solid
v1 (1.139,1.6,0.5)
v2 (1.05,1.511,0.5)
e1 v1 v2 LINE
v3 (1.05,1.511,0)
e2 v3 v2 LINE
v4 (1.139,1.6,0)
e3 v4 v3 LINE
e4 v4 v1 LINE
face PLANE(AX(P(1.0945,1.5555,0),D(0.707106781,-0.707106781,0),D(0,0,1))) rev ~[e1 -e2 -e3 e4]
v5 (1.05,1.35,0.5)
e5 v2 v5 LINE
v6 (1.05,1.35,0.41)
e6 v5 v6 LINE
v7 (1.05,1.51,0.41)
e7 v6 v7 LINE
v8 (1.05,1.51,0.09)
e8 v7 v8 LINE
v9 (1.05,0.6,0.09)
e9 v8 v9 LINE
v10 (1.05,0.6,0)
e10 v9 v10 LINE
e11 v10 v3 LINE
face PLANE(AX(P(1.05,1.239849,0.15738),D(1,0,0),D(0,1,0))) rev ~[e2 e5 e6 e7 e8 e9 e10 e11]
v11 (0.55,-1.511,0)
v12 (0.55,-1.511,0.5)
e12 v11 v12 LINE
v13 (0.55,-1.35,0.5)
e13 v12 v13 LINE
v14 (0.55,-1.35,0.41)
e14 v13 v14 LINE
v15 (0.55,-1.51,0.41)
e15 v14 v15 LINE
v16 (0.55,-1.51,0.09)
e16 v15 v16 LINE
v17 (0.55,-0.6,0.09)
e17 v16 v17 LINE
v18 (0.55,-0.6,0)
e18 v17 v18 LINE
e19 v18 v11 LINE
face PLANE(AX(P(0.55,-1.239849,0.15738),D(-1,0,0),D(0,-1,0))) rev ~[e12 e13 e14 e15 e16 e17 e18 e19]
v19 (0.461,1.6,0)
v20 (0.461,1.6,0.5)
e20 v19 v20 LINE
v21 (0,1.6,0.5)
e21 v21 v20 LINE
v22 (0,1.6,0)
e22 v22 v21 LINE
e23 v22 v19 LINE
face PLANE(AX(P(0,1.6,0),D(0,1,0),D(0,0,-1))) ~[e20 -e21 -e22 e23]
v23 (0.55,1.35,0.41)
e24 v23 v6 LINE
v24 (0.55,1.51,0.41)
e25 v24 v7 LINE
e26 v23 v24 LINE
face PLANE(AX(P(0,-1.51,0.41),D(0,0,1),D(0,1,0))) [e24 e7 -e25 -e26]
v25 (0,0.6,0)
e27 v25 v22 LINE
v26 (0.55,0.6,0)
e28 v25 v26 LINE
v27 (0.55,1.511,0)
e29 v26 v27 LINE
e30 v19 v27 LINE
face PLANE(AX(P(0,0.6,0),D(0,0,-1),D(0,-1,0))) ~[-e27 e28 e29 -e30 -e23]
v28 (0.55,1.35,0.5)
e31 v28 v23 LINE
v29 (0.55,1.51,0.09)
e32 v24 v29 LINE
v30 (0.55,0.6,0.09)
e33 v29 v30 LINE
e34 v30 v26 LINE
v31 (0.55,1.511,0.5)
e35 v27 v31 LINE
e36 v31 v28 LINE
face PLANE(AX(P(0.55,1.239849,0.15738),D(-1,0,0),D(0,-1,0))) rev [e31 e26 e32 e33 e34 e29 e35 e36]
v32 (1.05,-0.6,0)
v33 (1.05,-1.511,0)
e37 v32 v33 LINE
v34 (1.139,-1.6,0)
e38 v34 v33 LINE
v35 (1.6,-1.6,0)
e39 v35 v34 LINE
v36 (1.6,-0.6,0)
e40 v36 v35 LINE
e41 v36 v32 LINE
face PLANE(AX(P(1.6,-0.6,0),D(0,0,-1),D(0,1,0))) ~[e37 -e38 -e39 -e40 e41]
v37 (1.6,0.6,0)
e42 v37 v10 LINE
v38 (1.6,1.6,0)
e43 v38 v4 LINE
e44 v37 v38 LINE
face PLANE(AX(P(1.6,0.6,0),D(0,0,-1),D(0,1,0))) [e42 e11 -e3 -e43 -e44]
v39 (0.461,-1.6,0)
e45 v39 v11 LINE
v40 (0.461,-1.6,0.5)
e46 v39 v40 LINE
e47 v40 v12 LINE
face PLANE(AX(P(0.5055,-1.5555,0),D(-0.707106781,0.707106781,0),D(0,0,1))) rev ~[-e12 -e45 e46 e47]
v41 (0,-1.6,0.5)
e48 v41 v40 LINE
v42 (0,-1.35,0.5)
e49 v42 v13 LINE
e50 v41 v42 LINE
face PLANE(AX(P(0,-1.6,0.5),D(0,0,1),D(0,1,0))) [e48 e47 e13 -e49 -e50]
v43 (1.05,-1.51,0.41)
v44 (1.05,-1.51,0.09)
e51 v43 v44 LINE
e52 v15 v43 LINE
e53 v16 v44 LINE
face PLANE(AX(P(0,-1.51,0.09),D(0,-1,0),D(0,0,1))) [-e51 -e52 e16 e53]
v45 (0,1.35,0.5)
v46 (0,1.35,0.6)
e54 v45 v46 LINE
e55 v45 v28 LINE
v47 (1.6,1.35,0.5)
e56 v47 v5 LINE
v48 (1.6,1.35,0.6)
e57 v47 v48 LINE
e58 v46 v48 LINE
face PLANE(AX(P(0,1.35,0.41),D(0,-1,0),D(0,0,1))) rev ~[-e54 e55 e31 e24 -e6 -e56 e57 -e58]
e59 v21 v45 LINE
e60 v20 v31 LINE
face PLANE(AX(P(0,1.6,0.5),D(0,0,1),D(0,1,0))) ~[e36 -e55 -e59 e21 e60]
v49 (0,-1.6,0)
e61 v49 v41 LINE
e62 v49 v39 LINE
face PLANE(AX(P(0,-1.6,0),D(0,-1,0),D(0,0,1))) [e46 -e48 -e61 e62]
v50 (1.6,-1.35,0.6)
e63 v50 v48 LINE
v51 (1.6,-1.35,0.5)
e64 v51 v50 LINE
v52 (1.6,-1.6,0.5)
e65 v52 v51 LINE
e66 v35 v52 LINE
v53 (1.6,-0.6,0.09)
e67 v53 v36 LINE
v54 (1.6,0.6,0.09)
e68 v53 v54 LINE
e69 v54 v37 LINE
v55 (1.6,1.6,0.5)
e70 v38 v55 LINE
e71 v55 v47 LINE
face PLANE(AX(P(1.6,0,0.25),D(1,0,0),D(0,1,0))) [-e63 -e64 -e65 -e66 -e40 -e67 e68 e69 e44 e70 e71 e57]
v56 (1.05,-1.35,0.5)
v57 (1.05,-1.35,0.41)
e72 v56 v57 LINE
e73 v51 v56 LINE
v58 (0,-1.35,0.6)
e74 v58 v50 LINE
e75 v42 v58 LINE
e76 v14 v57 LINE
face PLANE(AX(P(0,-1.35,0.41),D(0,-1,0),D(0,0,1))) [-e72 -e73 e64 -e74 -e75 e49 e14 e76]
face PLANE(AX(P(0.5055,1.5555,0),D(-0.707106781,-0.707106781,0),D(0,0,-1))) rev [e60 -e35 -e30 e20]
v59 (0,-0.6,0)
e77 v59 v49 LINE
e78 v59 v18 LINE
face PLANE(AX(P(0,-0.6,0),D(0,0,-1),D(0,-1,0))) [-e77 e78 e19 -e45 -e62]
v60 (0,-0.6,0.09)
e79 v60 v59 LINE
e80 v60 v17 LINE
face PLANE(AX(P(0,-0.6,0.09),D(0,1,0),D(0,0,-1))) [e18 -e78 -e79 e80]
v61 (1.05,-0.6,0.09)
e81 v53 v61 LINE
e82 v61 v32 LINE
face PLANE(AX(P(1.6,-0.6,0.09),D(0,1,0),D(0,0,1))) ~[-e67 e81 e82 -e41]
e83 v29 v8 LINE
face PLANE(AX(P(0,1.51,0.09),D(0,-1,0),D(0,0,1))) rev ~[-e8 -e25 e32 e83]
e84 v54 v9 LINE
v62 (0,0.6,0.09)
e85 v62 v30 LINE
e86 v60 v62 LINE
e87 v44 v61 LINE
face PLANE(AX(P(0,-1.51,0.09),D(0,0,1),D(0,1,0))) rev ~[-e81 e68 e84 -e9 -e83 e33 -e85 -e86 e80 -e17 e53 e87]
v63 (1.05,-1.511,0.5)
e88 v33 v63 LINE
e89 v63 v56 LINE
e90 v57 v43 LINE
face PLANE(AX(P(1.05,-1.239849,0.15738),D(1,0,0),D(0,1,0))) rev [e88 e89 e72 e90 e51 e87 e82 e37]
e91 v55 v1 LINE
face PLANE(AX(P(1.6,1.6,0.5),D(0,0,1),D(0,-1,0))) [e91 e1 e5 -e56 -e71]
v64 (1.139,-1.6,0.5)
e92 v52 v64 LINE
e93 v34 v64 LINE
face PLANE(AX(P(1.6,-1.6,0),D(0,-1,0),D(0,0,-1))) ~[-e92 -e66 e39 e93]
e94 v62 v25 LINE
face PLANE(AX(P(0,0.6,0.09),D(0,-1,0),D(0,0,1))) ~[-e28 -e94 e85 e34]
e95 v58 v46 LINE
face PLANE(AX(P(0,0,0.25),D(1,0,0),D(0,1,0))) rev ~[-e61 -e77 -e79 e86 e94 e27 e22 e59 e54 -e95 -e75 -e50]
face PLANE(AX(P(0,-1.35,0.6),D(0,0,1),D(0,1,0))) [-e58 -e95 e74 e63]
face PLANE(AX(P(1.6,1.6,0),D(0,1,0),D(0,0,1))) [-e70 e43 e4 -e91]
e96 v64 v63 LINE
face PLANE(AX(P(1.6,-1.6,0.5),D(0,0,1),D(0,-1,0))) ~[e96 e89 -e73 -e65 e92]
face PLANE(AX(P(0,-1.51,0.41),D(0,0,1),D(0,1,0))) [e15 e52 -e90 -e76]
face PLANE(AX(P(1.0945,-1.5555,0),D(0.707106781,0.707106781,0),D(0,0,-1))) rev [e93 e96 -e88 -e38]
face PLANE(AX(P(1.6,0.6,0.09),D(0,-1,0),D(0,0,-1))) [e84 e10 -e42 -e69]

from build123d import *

# Parameters (mm, degrees)
SKETCH001_W  = 2.7
SKETCH001_H  = 0.19
PAD001_DEPTH = 1.6
SKETCH_W     = 3.02
SKETCH_H     = 0.32
PAD_DEPTH    = 1.6
PAD002_DEPTH = 0.55
CHAMFER_SIZE = 0.089


with BuildPart() as body001:
    # Sketch001 → Pad001 (new body)
    with BuildSketch(Plane.YZ):
        with Locations((0, 0.505)):
            Rectangle(SKETCH001_W, SKETCH001_H)
    extrude(amount=PAD001_DEPTH)


with BuildPart() as fusion002:
    # Sketch → Pad (new body)
    with BuildSketch(Plane.YZ):
        with Locations((0, 0.25)):
            Rectangle(SKETCH_W, SKETCH_H)
    extrude(amount=PAD_DEPTH)

    # Fusion002: union Body001
    add(body001.part)


with BuildPart() as body002:
    # Sketch002 → Pad002 (new body)
    with BuildSketch(Plane.YZ):
        Polygon((-1.35, 0.41), (-1.51, 0.41), (-1.51, 0.09), (-0.6, 0.09), (-0.6, 0), (-1.6, 0), (-1.6, 0.5), (-1.35, 0.5), align=None)
    extrude(amount=PAD002_DEPTH)

    # Chamfer
    chamfer_edges = [body002.edges().sort_by_distance(p)[0] for p in [
        (0.55, -1.6, 0.25),
    ]]
    chamfer(chamfer_edges, length=CHAMFER_SIZE)


with BuildPart() as mirror_of_body002:
    # mirror: instance of Body002
    add(body002.part.mirror(Plane(origin=(0.8, -1.325, 0.25), x_dir=(0, -1, 0), z_dir=(1, 0, 0))))


with BuildPart() as fusion:
    # Fusion base: copy of Body002
    add(body002.part)

    # Fusion: union Mirror of Body002
    add(mirror_of_body002.part)


with BuildPart() as mirror_of_fusion:
    # mirror001: instance of Fusion
    add(fusion.part.mirror(Plane(origin=(-1.31, 0, 0), x_dir=(1, 0, 0), z_dir=(0, 1, 0))))


with BuildPart() as lvk12:
    # Fusion001 base: copy of Fusion
    add(fusion.part)

    # Fusion001: union Mirror of Fusion
    add(mirror_of_fusion.part)

    # Fusion003: union Fusion002
    add(fusion002.part)


solid = lvk12.part
